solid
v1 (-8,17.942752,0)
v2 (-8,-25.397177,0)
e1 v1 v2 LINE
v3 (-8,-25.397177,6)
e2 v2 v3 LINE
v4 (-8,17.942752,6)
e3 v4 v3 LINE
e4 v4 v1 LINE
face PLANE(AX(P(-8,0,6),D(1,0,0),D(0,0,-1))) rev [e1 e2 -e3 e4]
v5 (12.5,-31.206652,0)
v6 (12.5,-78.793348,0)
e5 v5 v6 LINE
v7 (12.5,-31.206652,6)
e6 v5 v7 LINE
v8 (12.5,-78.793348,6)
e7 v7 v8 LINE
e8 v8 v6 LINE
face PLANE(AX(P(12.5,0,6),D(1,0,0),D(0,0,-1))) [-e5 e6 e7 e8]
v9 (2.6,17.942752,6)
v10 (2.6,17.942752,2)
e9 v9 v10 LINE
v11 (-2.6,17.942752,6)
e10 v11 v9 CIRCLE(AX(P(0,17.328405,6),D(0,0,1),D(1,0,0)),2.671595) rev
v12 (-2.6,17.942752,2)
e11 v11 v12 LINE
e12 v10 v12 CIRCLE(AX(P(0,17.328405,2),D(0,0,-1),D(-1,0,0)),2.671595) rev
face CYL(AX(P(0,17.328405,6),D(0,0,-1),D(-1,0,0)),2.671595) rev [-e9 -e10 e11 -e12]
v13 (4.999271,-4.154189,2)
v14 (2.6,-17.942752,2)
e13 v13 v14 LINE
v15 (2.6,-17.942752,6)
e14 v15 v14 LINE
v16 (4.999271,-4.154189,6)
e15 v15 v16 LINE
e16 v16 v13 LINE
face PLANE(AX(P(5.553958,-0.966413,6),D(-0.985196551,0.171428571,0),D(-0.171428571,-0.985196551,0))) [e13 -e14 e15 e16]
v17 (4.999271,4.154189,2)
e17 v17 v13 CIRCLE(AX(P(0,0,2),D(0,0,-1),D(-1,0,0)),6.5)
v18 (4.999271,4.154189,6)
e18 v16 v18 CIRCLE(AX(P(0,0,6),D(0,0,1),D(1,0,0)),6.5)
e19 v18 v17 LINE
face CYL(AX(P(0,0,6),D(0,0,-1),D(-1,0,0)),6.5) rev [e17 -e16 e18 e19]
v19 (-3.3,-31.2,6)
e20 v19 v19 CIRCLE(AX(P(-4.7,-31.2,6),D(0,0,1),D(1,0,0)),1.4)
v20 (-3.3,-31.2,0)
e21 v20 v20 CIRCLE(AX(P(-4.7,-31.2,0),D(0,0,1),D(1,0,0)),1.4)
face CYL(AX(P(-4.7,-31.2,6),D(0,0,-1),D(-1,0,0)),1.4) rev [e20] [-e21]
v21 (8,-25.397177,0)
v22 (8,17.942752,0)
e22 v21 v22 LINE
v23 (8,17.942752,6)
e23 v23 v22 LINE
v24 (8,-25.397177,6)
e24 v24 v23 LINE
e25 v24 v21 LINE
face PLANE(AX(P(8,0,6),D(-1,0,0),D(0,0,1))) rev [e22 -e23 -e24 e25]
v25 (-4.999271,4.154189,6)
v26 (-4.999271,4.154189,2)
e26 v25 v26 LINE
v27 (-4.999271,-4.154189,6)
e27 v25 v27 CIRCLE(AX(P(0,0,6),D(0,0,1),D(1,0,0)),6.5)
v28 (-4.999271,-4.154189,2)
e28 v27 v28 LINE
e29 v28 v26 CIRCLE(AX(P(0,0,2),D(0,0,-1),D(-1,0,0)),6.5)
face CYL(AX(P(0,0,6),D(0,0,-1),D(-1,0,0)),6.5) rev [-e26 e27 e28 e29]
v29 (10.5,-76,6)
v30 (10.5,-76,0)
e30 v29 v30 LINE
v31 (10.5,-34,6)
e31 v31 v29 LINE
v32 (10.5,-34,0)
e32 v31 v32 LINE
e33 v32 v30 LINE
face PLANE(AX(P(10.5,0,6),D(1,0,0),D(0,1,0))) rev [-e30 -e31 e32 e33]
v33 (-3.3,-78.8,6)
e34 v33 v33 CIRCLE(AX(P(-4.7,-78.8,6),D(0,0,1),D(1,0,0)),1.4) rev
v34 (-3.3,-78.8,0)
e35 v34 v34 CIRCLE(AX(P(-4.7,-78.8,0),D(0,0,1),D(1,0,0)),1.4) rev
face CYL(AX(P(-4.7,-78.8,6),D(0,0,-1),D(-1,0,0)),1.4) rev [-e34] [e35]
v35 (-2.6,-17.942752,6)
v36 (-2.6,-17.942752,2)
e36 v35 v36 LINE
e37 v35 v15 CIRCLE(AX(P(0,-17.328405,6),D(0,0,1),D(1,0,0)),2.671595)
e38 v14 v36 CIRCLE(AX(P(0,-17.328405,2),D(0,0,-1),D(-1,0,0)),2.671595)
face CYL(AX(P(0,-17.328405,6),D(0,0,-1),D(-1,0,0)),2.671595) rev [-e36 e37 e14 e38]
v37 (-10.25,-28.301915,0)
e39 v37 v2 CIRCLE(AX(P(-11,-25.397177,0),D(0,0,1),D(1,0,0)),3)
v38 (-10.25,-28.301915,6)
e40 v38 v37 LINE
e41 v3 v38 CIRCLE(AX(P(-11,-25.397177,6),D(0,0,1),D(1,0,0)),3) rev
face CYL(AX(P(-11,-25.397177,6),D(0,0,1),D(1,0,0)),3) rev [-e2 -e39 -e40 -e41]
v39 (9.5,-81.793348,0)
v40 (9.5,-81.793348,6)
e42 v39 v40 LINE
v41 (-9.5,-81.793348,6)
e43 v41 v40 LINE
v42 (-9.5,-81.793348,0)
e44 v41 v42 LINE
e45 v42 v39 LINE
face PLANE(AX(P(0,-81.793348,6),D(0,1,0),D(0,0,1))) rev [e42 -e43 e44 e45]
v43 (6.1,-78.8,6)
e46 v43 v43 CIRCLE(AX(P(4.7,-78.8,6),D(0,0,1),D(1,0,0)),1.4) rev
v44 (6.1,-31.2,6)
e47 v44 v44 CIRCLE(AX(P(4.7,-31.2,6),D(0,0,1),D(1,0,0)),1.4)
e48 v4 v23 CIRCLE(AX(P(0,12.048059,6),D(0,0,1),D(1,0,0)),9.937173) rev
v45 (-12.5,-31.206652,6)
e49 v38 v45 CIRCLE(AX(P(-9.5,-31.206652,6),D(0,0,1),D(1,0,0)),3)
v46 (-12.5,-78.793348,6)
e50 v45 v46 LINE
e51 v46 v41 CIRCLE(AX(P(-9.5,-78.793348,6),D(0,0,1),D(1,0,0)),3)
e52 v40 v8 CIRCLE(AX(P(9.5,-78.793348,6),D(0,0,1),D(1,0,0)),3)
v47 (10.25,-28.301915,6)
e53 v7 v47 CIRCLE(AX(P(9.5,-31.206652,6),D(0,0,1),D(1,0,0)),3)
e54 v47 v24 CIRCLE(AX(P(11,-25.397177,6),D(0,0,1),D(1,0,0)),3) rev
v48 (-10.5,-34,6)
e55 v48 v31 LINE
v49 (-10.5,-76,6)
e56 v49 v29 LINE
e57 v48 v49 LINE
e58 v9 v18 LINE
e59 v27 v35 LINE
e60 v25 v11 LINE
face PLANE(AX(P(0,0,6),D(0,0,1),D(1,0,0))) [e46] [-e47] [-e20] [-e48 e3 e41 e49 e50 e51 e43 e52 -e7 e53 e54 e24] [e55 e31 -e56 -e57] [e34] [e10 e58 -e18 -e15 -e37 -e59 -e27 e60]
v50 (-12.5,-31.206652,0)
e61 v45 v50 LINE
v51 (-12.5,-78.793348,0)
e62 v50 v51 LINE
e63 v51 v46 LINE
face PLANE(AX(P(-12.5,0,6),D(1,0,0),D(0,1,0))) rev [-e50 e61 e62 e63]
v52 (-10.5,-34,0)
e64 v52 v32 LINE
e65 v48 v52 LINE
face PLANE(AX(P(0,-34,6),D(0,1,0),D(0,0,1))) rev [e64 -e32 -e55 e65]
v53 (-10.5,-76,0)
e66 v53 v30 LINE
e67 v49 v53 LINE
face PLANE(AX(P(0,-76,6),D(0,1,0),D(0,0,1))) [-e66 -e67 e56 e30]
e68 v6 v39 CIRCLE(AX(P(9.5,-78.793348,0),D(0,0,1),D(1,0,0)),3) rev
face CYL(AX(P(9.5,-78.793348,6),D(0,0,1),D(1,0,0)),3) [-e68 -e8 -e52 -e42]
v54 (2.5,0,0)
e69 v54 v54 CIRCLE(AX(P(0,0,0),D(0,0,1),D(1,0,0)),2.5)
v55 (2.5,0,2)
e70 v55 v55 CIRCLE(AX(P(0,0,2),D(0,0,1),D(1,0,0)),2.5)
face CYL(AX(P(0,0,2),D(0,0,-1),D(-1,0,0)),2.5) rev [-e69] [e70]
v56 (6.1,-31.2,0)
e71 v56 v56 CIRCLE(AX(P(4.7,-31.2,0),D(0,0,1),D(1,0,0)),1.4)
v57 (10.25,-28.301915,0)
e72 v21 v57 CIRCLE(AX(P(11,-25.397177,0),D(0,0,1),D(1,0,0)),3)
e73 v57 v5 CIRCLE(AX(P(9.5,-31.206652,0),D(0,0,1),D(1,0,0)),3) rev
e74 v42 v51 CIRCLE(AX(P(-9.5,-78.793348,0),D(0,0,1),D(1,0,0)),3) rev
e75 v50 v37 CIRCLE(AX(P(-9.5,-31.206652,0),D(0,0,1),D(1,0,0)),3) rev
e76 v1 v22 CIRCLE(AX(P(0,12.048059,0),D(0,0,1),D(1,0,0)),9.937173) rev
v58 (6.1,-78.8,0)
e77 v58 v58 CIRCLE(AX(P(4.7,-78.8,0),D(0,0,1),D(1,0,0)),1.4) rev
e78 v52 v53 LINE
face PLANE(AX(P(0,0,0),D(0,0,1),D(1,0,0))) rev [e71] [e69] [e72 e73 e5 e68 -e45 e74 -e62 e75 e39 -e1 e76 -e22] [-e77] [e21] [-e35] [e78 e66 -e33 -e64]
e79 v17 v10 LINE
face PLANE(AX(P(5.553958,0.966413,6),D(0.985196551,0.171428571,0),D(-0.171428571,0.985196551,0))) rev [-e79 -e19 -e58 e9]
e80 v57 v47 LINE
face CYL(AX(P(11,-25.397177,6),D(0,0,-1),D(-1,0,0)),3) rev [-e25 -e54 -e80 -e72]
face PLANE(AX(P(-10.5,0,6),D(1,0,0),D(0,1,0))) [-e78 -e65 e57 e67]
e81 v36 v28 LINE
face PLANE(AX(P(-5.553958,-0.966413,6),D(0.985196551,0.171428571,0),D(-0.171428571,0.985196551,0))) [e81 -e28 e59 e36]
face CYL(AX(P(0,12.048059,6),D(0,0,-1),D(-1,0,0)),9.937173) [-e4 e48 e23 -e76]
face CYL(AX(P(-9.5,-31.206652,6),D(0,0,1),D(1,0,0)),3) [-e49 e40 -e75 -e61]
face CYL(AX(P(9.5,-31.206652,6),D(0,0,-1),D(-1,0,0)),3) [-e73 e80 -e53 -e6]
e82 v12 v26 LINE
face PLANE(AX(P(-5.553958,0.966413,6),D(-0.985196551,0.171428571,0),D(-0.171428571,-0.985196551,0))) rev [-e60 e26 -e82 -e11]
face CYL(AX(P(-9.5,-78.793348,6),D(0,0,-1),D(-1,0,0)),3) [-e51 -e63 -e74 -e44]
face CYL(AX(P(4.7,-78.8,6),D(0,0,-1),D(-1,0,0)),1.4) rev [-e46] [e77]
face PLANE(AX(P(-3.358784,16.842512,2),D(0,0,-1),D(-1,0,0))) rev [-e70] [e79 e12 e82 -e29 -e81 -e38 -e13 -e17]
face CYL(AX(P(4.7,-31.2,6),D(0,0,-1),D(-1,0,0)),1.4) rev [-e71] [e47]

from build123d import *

# Parameters (mm, degrees)
SKETCH_1_R      = 1.4
SKETCH_1_W      = 21
SKETCH_1_H      = 42
EXTRUDE_1_DEPTH = 6
FILLET_6_R      = 3
FILLET_7_R      = 3
FILLET_8_R      = 3
FILLET_9_R      = 3
FILLET_10_R     = 3
FILLET_11_R     = 3
SKETCH_2_R      = 2.5
EXTRUDE_2_DEPTH = 2


with BuildPart() as part:
    # 草圖1 → 填料-伸長1 (new body)
    with BuildSketch(Plane.XY):
        with BuildLine():
            Line((8, -18.141285654), (8, 17.94275172))
            ThreePointArc((8, 17.94275172), (0, 21.985231559), (-8, 17.94275172))
            Line((-8, 17.94275172), (-8, -18.141285654))
            Line((-8, -18.141285654), (-8, -28.206652459))
            Line((-8, -28.206652459), (-12.5, -28.206652459))
            Line((-12.5, -28.206652459), (-12.5, -81.793347541))
            Line((-12.5, -81.793347541), (12.5, -81.793347541))
            Line((12.5, -81.793347541), (12.5, -28.206652459))
            Line((12.5, -28.206652459), (8, -28.206652459))
            Line((8, -28.206652459), (8, -18.141285654))
        make_face()
        with Locations((-4.7, -78.8)):
            Circle(SKETCH_1_R, mode=Mode.SUBTRACT)
        with Locations((0, -55)):
            Rectangle(SKETCH_1_W, SKETCH_1_H, mode=Mode.SUBTRACT)
        with Locations((-4.7, -31.2)):
            Circle(SKETCH_1_R, mode=Mode.SUBTRACT)
        with Locations((4.7, -78.8)):
            Circle(SKETCH_1_R, mode=Mode.SUBTRACT)
        with Locations((4.7, -31.2)):
            Circle(SKETCH_1_R, mode=Mode.SUBTRACT)
        with BuildLine():
            ThreePointArc((-4.999271035, -4.154189345), (-6.5, 0), (-4.999271035, 4.154189345))
            Line((-4.999271035, 4.154189345), (-2.6, 17.94275172))
            ThreePointArc((-2.6, 17.94275172), (0, 20), (2.6, 17.94275172))
            Line((2.6, 17.94275172), (4.999271035, 4.154189345))
            ThreePointArc((4.999271035, 4.154189345), (6.5, 0), (4.999271035, -4.154189345))
            Line((4.999271035, -4.154189345), (2.6, -17.94275172))
            ThreePointArc((2.6, -17.94275172), (0, -20), (-2.6, -17.94275172))
            Line((-2.6, -17.94275172), (-4.999271035, -4.154189345))
        make_face(mode=Mode.SUBTRACT)
    extrude(amount=EXTRUDE_1_DEPTH)

    # 圓角6
    fillet_6_edges = [part.edges().sort_by_distance(p)[0] for p in [
        (-12.5, -81.793347541, 3),
    ]]
    fillet(fillet_6_edges, radius=FILLET_6_R)

    # 圓角7
    fillet_7_edges = [part.edges().sort_by_distance(p)[0] for p in [
        (12.5, -81.793347541, 3),
    ]]
    fillet(fillet_7_edges, radius=FILLET_7_R)

    # 圓角8
    fillet_8_edges = [part.edges().sort_by_distance(p)[0] for p in [
        (12.5, -28.206652459, 3),
    ]]
    fillet(fillet_8_edges, radius=FILLET_8_R)

    # 圓角9
    fillet_9_edges = [part.edges().sort_by_distance(p)[0] for p in [
        (8, -28.206652459, 3),
    ]]
    fillet(fillet_9_edges, radius=FILLET_9_R)

    # 圓角10
    fillet_10_edges = [part.edges().sort_by_distance(p)[0] for p in [
        (-12.5, -28.206652459, 3),
    ]]
    fillet(fillet_10_edges, radius=FILLET_10_R)

    # 圓角11
    fillet_11_edges = [part.edges().sort_by_distance(p)[0] for p in [
        (-8, -28.206652459, 3),
    ]]
    fillet(fillet_11_edges, radius=FILLET_11_R)

    # 草圖2 → 填料-伸長2 (add)
    with BuildSketch(Plane.XY):
        with BuildLine():
            Line((-3.702325647, 20.172267208), (4.497563026, 20.172267208))
            ThreePointArc((4.497563026, 20.172267208), (6.068658829, 19.068237677), (7.032818959, 17.407629814))
            Line((7.032818959, 17.407629814), (7.032818959, -20.628324178))
            Line((7.032818959, -20.628324178), (-6.646673958, -20.628324178))
            Line((-6.646673958, -20.628324178), (-6.646673958, 17.471058727))
            ThreePointArc((-6.646673958, 17.471058727), (-5.621736824, 19.309156464), (-3.702325647, 20.172267208))
        make_face()
        Circle(SKETCH_2_R, mode=Mode.SUBTRACT)
    extrude(amount=EXTRUDE_2_DEPTH)


solid = part.part
